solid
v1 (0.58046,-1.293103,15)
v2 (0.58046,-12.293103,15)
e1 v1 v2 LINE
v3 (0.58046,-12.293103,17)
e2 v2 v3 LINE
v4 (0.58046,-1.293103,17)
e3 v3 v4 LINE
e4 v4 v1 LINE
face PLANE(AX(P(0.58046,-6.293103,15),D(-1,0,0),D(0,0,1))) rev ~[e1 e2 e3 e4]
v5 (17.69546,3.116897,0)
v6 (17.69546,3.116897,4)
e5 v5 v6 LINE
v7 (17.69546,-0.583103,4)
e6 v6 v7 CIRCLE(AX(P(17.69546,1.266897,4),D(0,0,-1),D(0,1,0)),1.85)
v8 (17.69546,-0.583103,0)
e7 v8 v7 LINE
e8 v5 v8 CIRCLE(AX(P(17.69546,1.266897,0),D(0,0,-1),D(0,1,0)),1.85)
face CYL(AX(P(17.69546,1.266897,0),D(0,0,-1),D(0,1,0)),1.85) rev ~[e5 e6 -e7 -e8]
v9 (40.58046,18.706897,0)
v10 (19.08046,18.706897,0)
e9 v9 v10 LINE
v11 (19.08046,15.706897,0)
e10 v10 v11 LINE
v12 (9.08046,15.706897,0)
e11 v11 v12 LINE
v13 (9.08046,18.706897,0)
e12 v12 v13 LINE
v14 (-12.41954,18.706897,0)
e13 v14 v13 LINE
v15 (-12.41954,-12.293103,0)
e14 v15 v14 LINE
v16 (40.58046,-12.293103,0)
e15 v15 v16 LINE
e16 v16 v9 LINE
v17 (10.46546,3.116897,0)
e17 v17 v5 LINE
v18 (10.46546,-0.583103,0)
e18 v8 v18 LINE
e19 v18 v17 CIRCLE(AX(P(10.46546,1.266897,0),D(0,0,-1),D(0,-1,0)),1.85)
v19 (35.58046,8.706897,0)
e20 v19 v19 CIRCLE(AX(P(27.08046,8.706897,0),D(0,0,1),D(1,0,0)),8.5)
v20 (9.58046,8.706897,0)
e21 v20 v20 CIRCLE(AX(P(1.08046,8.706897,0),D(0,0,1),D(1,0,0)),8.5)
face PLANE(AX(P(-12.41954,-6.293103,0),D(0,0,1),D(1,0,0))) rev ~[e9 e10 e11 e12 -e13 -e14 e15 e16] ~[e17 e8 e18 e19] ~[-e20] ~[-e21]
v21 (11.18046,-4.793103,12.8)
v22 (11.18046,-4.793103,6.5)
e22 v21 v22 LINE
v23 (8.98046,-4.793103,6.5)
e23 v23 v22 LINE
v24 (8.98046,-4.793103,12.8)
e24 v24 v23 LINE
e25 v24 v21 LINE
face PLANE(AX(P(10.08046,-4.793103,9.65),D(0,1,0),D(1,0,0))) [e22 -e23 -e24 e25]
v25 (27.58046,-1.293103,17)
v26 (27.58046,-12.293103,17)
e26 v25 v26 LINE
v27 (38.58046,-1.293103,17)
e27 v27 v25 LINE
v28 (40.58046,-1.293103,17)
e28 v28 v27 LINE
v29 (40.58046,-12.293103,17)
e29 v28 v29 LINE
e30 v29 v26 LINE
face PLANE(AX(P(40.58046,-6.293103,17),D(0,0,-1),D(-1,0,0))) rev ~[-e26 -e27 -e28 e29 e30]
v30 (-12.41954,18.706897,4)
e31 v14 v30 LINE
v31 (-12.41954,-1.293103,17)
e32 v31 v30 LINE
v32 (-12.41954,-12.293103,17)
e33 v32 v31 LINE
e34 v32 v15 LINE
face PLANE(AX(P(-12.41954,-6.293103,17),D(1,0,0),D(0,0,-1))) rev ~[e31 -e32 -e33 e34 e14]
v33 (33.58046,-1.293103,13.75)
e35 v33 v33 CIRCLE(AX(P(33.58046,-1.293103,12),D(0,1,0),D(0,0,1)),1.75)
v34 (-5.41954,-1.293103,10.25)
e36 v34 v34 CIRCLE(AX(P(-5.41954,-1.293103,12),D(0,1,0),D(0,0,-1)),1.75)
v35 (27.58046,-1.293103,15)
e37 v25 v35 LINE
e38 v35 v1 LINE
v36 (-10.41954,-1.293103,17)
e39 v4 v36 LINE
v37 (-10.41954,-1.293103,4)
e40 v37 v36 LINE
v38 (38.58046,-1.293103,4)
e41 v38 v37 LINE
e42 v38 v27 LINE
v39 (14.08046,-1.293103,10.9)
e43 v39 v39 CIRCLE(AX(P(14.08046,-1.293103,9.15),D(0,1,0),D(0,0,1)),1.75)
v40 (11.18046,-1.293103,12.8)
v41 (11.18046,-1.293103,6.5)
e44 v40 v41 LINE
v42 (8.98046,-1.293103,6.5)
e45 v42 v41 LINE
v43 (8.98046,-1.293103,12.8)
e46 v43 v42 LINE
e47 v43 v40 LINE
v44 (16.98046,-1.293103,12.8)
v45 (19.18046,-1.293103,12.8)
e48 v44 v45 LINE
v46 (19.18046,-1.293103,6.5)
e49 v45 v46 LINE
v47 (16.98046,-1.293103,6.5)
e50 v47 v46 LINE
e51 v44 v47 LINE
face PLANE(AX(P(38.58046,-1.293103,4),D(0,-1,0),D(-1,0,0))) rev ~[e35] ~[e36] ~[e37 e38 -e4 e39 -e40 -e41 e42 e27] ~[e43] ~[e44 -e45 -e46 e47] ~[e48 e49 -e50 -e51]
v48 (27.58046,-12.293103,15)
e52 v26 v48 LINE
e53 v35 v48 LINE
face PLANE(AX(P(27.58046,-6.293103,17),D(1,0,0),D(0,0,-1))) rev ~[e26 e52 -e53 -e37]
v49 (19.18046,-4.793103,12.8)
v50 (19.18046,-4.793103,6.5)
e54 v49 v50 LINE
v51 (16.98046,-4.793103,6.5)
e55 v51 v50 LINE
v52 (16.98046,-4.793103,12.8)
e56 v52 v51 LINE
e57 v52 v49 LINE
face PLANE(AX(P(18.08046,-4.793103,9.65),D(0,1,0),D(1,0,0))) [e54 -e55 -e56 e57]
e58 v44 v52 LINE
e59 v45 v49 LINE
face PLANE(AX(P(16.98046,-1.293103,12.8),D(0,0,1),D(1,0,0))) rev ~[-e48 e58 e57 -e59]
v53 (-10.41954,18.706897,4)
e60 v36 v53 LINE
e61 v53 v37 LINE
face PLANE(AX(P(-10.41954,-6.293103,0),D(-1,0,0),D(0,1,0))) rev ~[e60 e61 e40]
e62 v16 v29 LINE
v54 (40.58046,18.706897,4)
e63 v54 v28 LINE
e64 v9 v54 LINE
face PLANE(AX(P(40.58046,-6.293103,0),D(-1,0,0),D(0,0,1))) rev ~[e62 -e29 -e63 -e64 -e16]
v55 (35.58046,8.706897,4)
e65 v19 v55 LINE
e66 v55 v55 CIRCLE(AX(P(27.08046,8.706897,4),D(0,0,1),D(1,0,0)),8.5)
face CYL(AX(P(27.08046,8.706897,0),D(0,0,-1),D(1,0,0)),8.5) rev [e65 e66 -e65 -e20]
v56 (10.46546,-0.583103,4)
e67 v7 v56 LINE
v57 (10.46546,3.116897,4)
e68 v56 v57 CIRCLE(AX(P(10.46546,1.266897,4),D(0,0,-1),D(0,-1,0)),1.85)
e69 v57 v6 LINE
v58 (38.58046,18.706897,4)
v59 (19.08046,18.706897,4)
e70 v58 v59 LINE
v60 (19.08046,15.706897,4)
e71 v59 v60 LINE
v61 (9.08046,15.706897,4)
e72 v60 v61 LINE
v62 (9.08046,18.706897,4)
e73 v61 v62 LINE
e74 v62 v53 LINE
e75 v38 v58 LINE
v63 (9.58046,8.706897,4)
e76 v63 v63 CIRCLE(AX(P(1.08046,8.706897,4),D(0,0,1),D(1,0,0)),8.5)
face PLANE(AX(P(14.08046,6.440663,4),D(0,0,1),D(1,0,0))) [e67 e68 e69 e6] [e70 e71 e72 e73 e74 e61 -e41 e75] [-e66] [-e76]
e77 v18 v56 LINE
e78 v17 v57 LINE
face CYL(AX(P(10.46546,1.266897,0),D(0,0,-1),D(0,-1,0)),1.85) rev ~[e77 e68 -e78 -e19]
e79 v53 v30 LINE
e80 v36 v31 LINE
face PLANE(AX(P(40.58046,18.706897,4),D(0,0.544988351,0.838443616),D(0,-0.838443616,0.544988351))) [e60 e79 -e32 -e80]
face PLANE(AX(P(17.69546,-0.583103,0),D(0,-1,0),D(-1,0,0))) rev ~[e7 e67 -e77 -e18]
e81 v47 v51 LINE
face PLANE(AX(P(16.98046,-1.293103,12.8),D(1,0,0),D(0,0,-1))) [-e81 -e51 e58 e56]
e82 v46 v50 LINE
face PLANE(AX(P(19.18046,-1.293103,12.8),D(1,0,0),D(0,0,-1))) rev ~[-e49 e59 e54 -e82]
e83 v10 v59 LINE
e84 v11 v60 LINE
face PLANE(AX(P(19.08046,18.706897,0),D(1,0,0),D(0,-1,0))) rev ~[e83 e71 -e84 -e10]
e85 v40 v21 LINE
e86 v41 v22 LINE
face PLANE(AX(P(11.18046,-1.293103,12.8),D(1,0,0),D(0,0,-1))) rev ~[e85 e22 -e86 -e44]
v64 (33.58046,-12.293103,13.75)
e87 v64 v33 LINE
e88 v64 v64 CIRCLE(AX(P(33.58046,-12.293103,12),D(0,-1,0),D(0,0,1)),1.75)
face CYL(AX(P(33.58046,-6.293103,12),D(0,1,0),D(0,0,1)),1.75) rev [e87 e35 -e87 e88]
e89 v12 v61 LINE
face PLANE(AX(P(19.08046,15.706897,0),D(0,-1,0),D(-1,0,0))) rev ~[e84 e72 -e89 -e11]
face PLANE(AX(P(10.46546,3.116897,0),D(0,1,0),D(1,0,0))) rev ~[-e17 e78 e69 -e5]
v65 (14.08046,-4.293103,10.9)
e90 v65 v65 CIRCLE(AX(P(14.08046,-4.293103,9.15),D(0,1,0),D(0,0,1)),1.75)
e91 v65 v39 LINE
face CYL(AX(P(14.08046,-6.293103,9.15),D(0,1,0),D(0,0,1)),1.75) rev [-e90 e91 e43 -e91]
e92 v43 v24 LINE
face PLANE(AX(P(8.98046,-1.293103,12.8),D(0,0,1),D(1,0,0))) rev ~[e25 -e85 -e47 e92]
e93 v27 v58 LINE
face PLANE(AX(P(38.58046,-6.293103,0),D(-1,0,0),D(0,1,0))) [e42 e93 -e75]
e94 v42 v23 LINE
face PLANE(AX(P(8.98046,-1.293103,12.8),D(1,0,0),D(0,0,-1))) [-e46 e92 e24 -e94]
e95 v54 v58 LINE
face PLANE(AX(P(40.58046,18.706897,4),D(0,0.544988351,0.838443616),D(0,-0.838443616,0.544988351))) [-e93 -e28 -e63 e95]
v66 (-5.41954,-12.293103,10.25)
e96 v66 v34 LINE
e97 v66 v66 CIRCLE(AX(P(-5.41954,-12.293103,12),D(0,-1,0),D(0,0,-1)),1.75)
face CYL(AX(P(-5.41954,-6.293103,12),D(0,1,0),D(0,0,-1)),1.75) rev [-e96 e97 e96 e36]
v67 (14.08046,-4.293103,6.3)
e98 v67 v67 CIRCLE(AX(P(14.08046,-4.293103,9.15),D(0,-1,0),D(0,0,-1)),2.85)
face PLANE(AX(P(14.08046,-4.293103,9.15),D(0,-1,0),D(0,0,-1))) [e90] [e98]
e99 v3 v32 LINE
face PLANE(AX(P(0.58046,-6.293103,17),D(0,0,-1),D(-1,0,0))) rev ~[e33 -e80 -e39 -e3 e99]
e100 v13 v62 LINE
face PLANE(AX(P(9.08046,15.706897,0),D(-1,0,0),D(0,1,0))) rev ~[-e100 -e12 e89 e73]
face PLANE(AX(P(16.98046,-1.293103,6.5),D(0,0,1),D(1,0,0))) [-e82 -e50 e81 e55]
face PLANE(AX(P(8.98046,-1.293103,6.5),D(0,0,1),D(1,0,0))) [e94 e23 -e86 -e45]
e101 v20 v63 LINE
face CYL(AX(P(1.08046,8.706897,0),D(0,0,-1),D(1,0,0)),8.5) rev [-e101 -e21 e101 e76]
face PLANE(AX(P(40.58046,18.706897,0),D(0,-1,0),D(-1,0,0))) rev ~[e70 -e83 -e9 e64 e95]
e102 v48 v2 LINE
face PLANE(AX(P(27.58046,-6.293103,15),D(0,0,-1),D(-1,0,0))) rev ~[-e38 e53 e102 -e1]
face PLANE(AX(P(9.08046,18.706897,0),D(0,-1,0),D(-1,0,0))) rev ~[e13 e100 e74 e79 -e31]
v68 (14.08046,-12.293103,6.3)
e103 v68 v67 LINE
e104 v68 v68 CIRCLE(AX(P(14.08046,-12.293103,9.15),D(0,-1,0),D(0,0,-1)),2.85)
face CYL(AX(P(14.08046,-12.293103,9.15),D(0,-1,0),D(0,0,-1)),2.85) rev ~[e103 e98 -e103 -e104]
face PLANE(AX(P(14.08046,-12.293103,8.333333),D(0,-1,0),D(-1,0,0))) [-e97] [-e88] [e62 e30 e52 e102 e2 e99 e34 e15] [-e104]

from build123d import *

# Parameters (mm, degrees)
SKETCH1_R           = 8.5
BOSS_EXTRUDE1_DEPTH = 4
BOSS_EXTRUDE2_DEPTH = 13
SKETCH3_W           = 2.2
SKETCH3_H           = 6.3
CUT_EXTRUDE1_DEPTH  = 3.5
SKETCH4_R           = 1.75
CUT_EXTRUDE2_DEPTH  = 47.663174732
SKETCH6_W           = 13.5
SKETCH6_H           = 2
CUT_EXTRUDE4_DEPTH  = 47.663174732
SKETCH7_W           = 2
SKETCH7_H           = 25
BOSS_EXTRUDE3_DEPTH = 17
CUT_EXTRUDE5_DEPTH  = 72
SKETCH9_R           = 1.75
BOSS_EXTRUDE4_DEPTH = 6
SKETCH10_R          = 2.85
CUT_EXTRUDE6_DEPTH  = 8


with BuildPart() as part:
    # Sketch1 → Boss-Extrude1 (new body)
    with BuildSketch(Plane.XY):
        Polygon((-10.41954023, 18.706896552), (-10.41954023, -6.293103448), (38.58045977, -6.293103448), (38.58045977, 18.706896552), (19.08045977, 18.706896552), (19.08045977, 15.706896552), (14.08045977, 15.706896552), (9.08045977, 15.706896552), (9.08045977, 18.706896552), align=None)
        with BuildLine():
            ThreePointArc((10.46545977, -0.583103448), (8.61545977, 1.266896552), (10.46545977, 3.116896552))
            Line((10.46545977, 3.116896552), (17.69545977, 3.116896552))
            ThreePointArc((17.69545977, 3.116896552), (19.54545977, 1.266896552), (17.69545977, -0.583103448))
            Line((17.69545977, -0.583103448), (10.46545977, -0.583103448))
        make_face(mode=Mode.SUBTRACT)
        with Locations((1.08045977, 8.706896552)):
            Circle(SKETCH1_R, mode=Mode.SUBTRACT)
        with Locations((27.08045977, 8.706896552)):
            Circle(SKETCH1_R, mode=Mode.SUBTRACT)
    extrude(amount=BOSS_EXTRUDE1_DEPTH)

    # Sketch2 → Boss-Extrude2 (add)
    with BuildSketch(Plane.XY.offset(4)):
        Polygon((14.08045977, -1.293103448), (38.58045977, -1.293103448), (38.58045977, -6.293103448), (-10.41954023, -6.293103448), (-10.41954023, -1.293103448), align=None)
    extrude(amount=BOSS_EXTRUDE2_DEPTH)

    # Sketch3 → Cut-Extrude1 (cut)
    with BuildSketch(Plane(origin=(0, -1.293103448, 0), x_dir=(1, 0, 0), z_dir=(0, 1, 0))):
        with Locations((10.08045977, -9.65)):
            Rectangle(SKETCH3_W, SKETCH3_H)
        with Locations((18.08045977, -9.65)):
            Rectangle(SKETCH3_W, SKETCH3_H)
    extrude(amount=-CUT_EXTRUDE1_DEPTH, mode=Mode.SUBTRACT)

    # Sketch4 → Cut-Extrude2 (cut, through all)
    with BuildSketch(Plane(origin=(0, -1.293103448, 0), x_dir=(1, 0, 0), z_dir=(0, 1, 0))):
        with Locations(Location((14.08045977, -9.15, 0), (0, 0, 270))):
            Circle(SKETCH4_R)
        with Locations(Location((33.58045977, -12, 0), (0, 0, 270))):
            Circle(SKETCH4_R)
        with Locations(Location((-5.41954023, -12, 0), (0, 0, 90))):
            Circle(SKETCH4_R)
    extrude(amount=-CUT_EXTRUDE2_DEPTH, mode=Mode.SUBTRACT)

    # Sketch6 → Cut-Extrude4 (cut, through all)
    with BuildSketch(Plane(origin=(0, -1.293103448, 0), x_dir=(1, 0, 0), z_dir=(0, 1, 0))):
        with Locations((7.33045977, -16)):
            Rectangle(SKETCH6_W, SKETCH6_H)
        with Locations((20.83045977, -16)):
            Rectangle(SKETCH6_W, SKETCH6_H)
    extrude(amount=-CUT_EXTRUDE4_DEPTH, mode=Mode.SUBTRACT)

    # Sketch7 → Boss-Extrude3 (add)
    with BuildSketch(Plane(origin=(0, 0, 0), x_dir=(-1, 0, 0), z_dir=(0, 0, -1))):
        with Locations((-39.58045977, 6.206896552)):
            Rectangle(SKETCH7_W, SKETCH7_H)
        with Locations((11.41954023, 6.206896552)):
            Rectangle(SKETCH7_W, SKETCH7_H)
    extrude(amount=-BOSS_EXTRUDE3_DEPTH)

    # Sketch8 → Cut-Extrude5 (cut)
    with BuildSketch(Plane(origin=(40.58045977, 0, 0), x_dir=(0, 0, -1), z_dir=(1, 0, 0))):
        Polygon((-4, 18.706896552), (-17, -1.293103448), (-17, 18.706896552), align=None)
    extrude(amount=-CUT_EXTRUDE5_DEPTH, mode=Mode.SUBTRACT)

    # Sketch9 → Boss-Extrude4 (add)
    with BuildSketch(Plane(origin=(0, -6.293103448, 0), x_dir=(-1, 0, 0), z_dir=(0, -1, 0))):
        Polygon((-40.58045977, 0), (-40.58045977, -17), (-27.58045977, -17), (-27.58045977, -15), (-0.58045977, -15), (-0.58045977, -17), (12.41954023, -17), (12.41954023, 0), align=None)
        with Locations(Location((5.41954023, -12, 0), (0, 0, 90))):
            Circle(SKETCH9_R, mode=Mode.SUBTRACT)
        with Locations(Location((-14.08045977, -9.15, 0), (0, 0, 270))):
            Circle(SKETCH9_R, mode=Mode.SUBTRACT)
        with Locations(Location((-33.58045977, -12, 0), (0, 0, 270))):
            Circle(SKETCH9_R, mode=Mode.SUBTRACT)
    extrude(amount=BOSS_EXTRUDE4_DEPTH)

    # Sketch10 → Cut-Extrude6 (cut)
    with BuildSketch(Plane(origin=(0, -12.293103448, 0), x_dir=(-1, 0, 0), z_dir=(0, -1, 0))):
        with Locations(Location((-14.08045977, -9.15, 0), (0, 0, 90))):
            Circle(SKETCH10_R)
    extrude(amount=-CUT_EXTRUDE6_DEPTH, mode=Mode.SUBTRACT)


solid = part.part
